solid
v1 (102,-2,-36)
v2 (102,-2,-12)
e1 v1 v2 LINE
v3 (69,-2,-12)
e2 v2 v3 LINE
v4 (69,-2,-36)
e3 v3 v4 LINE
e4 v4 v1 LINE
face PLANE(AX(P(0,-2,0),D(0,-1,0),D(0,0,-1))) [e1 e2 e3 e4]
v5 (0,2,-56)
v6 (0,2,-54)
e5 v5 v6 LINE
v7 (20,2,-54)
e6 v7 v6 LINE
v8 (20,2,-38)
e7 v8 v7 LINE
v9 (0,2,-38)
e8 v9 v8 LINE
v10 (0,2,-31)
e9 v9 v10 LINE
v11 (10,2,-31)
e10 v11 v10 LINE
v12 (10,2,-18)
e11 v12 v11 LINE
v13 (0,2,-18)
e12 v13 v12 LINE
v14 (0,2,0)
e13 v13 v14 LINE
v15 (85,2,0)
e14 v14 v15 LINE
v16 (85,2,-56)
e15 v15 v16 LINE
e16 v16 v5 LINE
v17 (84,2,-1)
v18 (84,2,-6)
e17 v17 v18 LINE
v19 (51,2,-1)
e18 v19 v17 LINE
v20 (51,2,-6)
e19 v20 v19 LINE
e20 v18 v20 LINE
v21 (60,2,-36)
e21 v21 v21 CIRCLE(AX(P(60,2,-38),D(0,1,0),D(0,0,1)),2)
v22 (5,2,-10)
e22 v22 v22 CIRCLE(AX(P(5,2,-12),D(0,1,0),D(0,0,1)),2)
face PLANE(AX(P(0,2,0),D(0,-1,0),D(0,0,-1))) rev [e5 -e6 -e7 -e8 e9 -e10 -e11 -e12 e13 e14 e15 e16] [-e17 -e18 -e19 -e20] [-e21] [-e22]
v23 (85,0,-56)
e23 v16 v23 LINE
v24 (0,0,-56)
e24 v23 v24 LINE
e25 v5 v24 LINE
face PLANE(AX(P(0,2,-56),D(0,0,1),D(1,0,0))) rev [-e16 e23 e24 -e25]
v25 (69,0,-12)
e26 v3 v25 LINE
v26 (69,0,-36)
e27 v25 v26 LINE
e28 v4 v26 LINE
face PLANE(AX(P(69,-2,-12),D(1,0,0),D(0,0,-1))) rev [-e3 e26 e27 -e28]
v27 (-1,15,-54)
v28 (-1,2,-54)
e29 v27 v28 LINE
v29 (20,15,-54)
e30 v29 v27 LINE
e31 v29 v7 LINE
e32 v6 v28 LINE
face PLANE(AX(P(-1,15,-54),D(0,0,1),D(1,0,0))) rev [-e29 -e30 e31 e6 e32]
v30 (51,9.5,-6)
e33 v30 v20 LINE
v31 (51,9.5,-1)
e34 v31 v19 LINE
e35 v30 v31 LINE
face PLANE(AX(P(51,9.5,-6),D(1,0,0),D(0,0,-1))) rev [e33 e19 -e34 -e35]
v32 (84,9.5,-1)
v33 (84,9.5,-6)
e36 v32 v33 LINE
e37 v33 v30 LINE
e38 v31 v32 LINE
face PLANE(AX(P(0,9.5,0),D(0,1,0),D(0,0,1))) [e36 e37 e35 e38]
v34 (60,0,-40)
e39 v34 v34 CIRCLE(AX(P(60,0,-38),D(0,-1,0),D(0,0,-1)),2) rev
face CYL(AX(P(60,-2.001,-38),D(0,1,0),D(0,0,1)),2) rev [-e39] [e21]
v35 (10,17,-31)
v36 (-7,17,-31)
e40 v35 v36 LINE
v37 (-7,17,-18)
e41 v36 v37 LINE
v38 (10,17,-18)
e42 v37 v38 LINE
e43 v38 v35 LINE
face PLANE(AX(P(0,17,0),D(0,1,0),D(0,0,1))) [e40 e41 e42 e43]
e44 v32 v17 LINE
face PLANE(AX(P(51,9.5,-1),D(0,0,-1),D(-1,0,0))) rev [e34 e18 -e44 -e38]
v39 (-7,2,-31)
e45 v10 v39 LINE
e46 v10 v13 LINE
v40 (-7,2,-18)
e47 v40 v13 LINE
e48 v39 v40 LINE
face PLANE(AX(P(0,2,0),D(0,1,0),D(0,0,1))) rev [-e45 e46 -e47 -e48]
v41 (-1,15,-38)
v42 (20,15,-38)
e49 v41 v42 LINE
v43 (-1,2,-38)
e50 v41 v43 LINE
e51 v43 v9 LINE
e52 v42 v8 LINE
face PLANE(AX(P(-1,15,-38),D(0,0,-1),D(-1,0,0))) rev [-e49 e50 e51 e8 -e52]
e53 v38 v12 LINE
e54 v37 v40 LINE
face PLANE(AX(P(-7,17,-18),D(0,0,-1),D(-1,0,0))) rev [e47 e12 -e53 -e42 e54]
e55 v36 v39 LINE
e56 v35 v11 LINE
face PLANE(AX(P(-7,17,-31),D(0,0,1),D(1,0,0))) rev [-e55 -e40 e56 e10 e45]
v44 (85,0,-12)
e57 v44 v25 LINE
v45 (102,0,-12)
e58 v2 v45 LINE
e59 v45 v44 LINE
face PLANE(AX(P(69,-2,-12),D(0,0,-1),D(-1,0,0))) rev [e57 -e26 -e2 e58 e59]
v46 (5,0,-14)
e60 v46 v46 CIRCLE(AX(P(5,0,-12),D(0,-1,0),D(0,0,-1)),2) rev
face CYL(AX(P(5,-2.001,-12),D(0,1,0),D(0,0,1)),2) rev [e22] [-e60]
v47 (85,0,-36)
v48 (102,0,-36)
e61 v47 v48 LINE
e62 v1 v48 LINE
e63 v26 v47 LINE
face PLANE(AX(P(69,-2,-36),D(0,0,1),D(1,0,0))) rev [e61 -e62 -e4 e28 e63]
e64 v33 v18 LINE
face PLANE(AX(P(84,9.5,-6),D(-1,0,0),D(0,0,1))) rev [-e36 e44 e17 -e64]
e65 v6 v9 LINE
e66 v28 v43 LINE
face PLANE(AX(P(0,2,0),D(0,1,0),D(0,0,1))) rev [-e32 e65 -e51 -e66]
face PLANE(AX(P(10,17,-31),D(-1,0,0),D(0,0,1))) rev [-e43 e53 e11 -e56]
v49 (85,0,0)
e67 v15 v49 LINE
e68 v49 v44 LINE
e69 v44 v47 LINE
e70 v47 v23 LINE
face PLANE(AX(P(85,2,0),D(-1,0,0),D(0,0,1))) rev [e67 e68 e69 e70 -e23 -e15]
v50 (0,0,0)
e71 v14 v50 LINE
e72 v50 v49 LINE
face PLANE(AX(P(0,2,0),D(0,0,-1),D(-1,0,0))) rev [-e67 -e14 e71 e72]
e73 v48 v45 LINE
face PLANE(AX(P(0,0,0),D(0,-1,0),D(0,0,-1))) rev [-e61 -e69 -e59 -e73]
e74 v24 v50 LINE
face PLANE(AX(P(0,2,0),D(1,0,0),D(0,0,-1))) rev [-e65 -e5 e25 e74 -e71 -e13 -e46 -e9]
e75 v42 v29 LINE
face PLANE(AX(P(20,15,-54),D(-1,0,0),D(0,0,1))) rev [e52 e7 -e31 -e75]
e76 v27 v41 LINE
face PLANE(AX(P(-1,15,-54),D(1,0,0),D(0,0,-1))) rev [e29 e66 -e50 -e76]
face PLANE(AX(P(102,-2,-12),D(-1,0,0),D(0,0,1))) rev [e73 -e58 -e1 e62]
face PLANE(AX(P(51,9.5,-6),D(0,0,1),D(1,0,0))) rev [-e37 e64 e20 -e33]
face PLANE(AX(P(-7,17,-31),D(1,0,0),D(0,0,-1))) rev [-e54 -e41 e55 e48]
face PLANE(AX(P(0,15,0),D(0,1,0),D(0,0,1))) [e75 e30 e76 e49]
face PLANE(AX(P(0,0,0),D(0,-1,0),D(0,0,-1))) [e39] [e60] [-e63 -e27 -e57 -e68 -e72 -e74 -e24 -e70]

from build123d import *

# Parameters (mm, degrees)
SKETCH1_W           = 85
SKETCH1_H           = 56
BOSS_EXTRUDE1_DEPTH = 2
SKETCH2_W           = 21
SKETCH2_H           = 16
BOSS_EXTRUDE2_DEPTH = 13
SKETCH3_W           = 17
SKETCH3_H           = 13
BOSS_EXTRUDE3_DEPTH = 15
SKETCH4_W           = 33
SKETCH4_H           = 24
BOSS_EXTRUDE4_DEPTH = 2
CUT_EXTRUDE1_REACH  = 6
SKETCH5_R           = 2
SKETCH6_W           = 33
SKETCH6_H           = 5
BOSS_EXTRUDE5_DEPTH = 7.5


with BuildPart() as part:
    # Sketch1 → Boss-Extrude1 (new body)
    with BuildSketch(Plane(origin=(0, 0, 0), x_dir=(1, 0, 0), z_dir=(0, 1, 0))):
        with Locations((42.5, 28)):
            Rectangle(SKETCH1_W, SKETCH1_H)
    extrude(amount=BOSS_EXTRUDE1_DEPTH)

    # Sketch2 → Boss-Extrude2 (add)
    with BuildSketch(Plane(origin=(0, 2, 0), x_dir=(1, 0, 0), z_dir=(0, 1, 0))):
        with Locations((9.5, 46)):
            Rectangle(SKETCH2_W, SKETCH2_H)
    extrude(amount=BOSS_EXTRUDE2_DEPTH)

    # Sketch3 → Boss-Extrude3 (add)
    with BuildSketch(Plane(origin=(0, 2, 0), x_dir=(1, 0, 0), z_dir=(0, 1, 0))):
        with Locations((1.5, 24.5)):
            Rectangle(SKETCH3_W, SKETCH3_H)
    extrude(amount=BOSS_EXTRUDE3_DEPTH)

    # Sketch4 → Boss-Extrude4 (add)
    with BuildSketch(Plane.XZ):
        with Locations((85.5, -24)):
            Rectangle(SKETCH4_W, SKETCH4_H)
    extrude(amount=BOSS_EXTRUDE4_DEPTH)

    # Sketch5 → Cut-Extrude1 (cut, up to next)
    with BuildSketch(Plane(origin=(0, 2, 0), x_dir=(1, 0, 0), z_dir=(0, 1, 0)), mode=Mode.PRIVATE) as cut_extrude1_sk1:
        with Locations((5, 12)):
            Circle(SKETCH5_R)
    cut_extrude1_tool1 = extrude(cut_extrude1_sk1.sketch, amount=-CUT_EXTRUDE1_REACH, mode=Mode.PRIVATE) & part.part
    add(cut_extrude1_tool1.solids().sort_by_distance((5, 2, -12))[0], mode=Mode.SUBTRACT)
    # Sketch5 → Cut-Extrude1 (cut, up to next)
    with BuildSketch(Plane(origin=(0, 2, 0), x_dir=(1, 0, 0), z_dir=(0, 1, 0)), mode=Mode.PRIVATE) as cut_extrude1_sk2:
        with Locations((60, 38)):
            Circle(SKETCH5_R)
    cut_extrude1_tool2 = extrude(cut_extrude1_sk2.sketch, amount=-CUT_EXTRUDE1_REACH, mode=Mode.PRIVATE) & part.part
    add(cut_extrude1_tool2.solids().sort_by_distance((60, 2, -38))[0], mode=Mode.SUBTRACT)

    # Sketch6 → Boss-Extrude5 (add)
    with BuildSketch(Plane(origin=(0, 2, 0), x_dir=(1, 0, 0), z_dir=(0, 1, 0))):
        with Locations((67.5, 3.5)):
            Rectangle(SKETCH6_W, SKETCH6_H)
    extrude(amount=BOSS_EXTRUDE5_DEPTH)


solid = part.part
